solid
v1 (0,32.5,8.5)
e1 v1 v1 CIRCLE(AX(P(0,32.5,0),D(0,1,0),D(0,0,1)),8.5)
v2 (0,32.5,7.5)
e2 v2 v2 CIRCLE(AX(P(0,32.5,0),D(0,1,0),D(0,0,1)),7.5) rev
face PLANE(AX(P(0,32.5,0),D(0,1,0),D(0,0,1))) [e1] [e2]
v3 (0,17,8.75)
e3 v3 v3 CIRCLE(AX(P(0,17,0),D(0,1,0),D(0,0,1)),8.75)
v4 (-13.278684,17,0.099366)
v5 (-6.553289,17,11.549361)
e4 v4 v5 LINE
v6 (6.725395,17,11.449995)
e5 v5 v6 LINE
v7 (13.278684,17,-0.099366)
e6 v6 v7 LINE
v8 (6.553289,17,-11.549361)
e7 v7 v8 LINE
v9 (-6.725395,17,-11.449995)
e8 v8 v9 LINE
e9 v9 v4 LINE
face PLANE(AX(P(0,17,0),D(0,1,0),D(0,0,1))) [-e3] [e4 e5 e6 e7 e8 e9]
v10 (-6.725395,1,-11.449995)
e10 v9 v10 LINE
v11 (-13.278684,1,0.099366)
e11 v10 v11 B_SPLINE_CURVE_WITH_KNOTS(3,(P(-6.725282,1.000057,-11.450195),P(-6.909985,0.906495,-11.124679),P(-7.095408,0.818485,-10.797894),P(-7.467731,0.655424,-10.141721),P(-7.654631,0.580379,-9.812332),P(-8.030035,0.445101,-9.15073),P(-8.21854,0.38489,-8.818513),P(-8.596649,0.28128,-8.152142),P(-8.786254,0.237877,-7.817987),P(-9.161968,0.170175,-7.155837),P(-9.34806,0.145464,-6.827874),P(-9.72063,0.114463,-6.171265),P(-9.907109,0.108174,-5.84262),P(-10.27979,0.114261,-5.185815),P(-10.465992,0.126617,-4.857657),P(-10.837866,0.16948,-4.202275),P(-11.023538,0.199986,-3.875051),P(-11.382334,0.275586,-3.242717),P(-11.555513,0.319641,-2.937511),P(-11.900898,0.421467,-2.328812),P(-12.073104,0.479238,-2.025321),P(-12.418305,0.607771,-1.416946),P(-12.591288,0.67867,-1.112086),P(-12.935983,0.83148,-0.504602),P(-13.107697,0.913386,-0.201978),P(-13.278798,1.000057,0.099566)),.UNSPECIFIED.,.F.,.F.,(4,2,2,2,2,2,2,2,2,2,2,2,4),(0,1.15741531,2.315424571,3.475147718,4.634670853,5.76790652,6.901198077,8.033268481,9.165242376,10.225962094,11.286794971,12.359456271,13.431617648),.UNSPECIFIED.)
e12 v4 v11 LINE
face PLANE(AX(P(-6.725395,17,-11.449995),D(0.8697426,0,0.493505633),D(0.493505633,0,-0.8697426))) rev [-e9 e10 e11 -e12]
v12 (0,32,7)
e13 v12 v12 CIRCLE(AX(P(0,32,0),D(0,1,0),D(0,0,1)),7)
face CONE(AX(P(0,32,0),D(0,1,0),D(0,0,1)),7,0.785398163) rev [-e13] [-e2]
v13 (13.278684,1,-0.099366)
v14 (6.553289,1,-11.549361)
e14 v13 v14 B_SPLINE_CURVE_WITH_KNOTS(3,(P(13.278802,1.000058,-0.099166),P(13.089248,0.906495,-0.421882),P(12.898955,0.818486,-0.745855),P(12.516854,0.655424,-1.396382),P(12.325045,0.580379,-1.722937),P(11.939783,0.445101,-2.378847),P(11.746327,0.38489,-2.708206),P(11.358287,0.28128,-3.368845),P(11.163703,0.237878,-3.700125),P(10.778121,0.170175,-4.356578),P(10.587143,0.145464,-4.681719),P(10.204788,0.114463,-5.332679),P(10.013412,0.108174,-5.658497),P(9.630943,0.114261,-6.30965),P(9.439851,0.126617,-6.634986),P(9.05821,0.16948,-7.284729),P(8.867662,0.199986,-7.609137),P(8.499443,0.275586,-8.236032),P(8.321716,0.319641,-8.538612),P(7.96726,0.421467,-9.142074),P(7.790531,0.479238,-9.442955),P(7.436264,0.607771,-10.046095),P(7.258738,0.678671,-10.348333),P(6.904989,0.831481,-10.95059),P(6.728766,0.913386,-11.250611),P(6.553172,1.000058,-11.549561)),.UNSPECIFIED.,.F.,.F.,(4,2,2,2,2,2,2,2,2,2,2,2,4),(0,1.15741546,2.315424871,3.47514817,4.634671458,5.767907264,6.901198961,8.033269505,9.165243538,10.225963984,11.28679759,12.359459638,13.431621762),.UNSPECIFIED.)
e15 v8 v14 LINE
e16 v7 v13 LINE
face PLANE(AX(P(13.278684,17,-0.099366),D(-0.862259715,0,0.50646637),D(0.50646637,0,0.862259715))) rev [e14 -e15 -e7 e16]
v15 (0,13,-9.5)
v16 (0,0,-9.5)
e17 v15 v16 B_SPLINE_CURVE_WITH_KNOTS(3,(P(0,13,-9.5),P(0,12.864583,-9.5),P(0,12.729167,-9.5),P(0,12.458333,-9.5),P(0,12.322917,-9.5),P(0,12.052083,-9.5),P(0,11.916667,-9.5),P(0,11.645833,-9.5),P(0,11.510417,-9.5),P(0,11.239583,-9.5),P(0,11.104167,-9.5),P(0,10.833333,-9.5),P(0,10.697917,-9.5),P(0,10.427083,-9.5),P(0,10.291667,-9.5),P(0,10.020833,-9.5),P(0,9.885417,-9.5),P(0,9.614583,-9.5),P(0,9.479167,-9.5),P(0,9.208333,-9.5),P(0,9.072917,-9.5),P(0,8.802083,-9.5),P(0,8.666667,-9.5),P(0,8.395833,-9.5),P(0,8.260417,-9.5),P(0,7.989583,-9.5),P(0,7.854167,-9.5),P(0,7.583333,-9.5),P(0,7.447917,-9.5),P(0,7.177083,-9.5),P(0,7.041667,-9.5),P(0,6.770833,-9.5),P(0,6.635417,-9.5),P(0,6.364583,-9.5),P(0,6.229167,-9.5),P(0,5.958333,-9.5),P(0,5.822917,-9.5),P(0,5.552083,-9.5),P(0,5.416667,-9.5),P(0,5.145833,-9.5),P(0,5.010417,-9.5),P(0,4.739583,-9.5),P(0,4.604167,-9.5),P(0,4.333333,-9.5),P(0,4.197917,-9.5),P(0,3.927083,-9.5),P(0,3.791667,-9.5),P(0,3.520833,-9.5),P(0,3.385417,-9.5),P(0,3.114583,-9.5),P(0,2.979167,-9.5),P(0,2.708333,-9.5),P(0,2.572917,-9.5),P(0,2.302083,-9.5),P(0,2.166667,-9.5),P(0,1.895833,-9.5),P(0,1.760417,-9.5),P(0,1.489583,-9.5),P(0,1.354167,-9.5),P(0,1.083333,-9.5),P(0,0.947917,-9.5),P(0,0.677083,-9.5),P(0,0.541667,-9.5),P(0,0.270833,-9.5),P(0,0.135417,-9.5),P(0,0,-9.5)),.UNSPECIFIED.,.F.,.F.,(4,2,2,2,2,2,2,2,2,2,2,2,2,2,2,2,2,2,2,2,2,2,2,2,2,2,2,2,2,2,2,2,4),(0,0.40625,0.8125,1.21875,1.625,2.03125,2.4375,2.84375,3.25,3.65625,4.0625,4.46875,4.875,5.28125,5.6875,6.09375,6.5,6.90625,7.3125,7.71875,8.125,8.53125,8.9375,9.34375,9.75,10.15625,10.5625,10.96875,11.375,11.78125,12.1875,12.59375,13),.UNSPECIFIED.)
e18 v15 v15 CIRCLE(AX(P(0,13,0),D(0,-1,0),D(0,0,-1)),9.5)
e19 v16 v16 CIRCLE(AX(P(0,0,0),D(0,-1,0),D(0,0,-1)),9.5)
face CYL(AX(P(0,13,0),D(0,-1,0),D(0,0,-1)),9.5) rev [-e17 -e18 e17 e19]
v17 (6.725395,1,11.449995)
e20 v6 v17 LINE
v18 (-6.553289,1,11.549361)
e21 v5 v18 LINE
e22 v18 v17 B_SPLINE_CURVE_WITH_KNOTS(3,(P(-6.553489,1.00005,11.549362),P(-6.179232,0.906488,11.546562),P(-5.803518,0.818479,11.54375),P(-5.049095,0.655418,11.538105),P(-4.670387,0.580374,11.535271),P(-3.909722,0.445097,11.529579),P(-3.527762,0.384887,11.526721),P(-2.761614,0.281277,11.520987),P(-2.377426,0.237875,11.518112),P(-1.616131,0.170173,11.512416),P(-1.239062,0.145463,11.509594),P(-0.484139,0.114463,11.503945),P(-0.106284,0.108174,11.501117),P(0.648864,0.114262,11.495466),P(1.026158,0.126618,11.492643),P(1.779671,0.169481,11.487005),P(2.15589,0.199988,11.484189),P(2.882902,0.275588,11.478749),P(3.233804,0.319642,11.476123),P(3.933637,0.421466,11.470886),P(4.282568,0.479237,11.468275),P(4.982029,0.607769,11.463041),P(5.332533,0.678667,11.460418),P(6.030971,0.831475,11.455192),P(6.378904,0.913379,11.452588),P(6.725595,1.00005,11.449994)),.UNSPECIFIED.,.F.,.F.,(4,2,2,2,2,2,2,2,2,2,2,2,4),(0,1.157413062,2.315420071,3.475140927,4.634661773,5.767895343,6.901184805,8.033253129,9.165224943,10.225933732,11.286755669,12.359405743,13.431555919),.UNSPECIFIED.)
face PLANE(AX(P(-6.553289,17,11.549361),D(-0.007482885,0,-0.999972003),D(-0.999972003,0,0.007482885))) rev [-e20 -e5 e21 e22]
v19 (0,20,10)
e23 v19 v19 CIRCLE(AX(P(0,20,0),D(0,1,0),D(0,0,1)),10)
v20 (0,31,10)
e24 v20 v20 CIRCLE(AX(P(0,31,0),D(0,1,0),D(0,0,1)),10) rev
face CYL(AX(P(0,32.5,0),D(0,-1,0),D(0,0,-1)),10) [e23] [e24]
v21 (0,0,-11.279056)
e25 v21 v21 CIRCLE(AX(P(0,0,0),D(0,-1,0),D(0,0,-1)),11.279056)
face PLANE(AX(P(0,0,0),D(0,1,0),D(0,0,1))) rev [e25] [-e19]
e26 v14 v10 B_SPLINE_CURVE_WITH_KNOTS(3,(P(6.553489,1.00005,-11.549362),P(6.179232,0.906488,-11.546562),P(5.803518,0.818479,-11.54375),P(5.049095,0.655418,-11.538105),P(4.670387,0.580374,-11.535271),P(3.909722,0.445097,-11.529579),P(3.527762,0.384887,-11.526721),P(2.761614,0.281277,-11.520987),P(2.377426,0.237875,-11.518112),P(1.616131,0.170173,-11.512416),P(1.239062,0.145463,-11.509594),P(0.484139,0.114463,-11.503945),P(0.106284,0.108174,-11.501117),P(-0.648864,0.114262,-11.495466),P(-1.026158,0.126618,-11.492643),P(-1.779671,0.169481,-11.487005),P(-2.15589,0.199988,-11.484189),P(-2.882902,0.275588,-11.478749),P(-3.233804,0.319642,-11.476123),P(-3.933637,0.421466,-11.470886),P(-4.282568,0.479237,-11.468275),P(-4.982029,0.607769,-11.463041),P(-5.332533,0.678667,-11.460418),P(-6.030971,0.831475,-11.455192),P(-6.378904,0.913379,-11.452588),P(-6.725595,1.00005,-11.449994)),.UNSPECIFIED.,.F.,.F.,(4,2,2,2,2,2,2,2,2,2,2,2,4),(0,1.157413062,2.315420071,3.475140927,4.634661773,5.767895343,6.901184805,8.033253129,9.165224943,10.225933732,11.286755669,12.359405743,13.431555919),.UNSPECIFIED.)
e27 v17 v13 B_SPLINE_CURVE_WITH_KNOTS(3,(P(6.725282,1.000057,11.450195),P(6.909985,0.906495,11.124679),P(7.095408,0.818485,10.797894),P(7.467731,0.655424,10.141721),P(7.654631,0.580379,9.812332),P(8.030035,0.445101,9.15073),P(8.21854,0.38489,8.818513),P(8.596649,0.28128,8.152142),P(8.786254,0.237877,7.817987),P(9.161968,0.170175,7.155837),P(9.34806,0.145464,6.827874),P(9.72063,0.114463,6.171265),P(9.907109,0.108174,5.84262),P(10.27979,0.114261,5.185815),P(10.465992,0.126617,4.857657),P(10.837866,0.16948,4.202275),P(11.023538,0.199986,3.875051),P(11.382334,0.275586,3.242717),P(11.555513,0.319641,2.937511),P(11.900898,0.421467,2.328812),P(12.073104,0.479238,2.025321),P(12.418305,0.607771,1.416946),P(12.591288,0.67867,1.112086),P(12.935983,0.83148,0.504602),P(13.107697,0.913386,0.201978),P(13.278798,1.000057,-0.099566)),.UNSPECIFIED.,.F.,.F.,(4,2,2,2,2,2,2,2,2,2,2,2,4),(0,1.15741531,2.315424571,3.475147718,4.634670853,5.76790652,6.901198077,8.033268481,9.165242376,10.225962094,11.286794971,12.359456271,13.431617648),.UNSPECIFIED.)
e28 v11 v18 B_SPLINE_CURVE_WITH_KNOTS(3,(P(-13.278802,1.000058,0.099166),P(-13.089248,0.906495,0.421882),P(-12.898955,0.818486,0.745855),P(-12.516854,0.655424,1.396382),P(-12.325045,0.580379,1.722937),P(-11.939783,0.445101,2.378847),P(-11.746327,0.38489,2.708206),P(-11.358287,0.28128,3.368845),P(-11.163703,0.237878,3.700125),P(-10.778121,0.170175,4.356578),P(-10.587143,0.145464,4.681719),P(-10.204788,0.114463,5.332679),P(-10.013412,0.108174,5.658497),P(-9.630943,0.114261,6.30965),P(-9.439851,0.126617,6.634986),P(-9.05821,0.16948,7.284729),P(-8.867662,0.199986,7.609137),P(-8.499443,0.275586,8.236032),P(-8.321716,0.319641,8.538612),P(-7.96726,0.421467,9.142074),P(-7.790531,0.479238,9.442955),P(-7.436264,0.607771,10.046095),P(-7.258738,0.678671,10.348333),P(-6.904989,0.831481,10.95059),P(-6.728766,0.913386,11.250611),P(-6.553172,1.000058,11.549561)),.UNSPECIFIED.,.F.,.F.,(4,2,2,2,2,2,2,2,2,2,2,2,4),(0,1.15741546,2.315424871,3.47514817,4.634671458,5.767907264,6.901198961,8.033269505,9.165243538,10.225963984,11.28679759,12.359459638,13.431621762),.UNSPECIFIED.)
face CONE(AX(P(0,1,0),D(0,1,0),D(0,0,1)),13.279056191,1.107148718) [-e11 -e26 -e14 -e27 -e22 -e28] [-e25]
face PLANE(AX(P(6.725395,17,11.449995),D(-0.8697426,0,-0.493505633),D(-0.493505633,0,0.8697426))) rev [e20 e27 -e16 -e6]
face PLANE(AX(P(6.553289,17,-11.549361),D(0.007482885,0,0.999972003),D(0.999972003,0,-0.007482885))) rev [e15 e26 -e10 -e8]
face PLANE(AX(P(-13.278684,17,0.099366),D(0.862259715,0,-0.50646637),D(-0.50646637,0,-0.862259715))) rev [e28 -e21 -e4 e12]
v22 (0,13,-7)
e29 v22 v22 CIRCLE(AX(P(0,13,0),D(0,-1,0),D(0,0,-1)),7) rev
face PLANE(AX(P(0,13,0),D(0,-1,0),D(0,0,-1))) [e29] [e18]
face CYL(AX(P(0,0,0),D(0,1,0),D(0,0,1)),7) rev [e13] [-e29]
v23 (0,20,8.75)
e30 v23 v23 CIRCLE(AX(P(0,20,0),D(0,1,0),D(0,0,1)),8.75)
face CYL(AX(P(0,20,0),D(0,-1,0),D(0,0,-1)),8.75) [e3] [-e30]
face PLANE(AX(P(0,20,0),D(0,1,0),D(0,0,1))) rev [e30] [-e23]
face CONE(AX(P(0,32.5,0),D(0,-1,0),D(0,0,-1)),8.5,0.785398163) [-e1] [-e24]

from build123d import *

# Parameters (mm, degrees)
EXTRUDE_1_DEPTH     = 17
SKETCH_2_R          = 8.75
EXTRUDE_2_DEPTH     = 3
SKETCH_3_R          = 10
EXTRUDE_3_DEPTH     = 12.5
CHAMFER_1_SIZE      = 1.5
SKETCH_6_R          = 7
CUT_EXTRUDE_1_DEPTH = 37.958912269
CHAMFER_2_SIZE      = 0.5
SKETCH_7_R          = 9.5
CUT_EXTRUDE_2_DEPTH = 13


with BuildPart() as part:
    # 草图1 → 凸台-拉伸1 (new body)
    with BuildSketch(Plane(origin=(0, 0, 0), x_dir=(1, 0, 0), z_dir=(0, 1, 0))):
        Polygon((6.553289027, 11.549360859), (-6.725395388, 11.449995205), (-13.278684415, -0.099365654), (-6.553289027, -11.549360859), (6.725395388, -11.449995205), (13.278684415, 0.099365654), align=None)
    extrude(amount=EXTRUDE_1_DEPTH)

    # 草图2 → 凸台-拉伸2 (add)
    with BuildSketch(Plane(origin=(0, 17, 0), x_dir=(1, 0, 0), z_dir=(0, 1, 0))):
        with Locations(Location((0, 0, 0), (0, 0, 270))):
            Circle(SKETCH_2_R)
    extrude(amount=EXTRUDE_2_DEPTH)

    # 草图3 → 凸台-拉伸3 (add)
    with BuildSketch(Plane(origin=(0, 20, 0), x_dir=(1, 0, 0), z_dir=(0, 1, 0))):
        with Locations(Location((0, 0, 0), (0, 0, 270))):
            Circle(SKETCH_3_R)
    extrude(amount=EXTRUDE_3_DEPTH)

    # 倒角1
    chamfer_1_edges = [part.edges().sort_by_distance(p)[0] for p in [
        (0, 32.5, -10),
    ]]
    chamfer(chamfer_1_edges, length=CHAMFER_1_SIZE)

    # 草图5 → 切除-旋转3 (revolve, cut)
    with BuildSketch(Plane(origin=(0, 0, 0), x_dir=(0.49350563267132574, 0, -0.8697426001534446), z_dir=(0.8697426001534445, 0, 0.4935056326713257)), mode=Mode.PRIVATE) as cut_revolve_3_sk:
        Polygon((13.279056191, 1), (11.279056191, 0), (13.279056191, 0), align=None)
    revolve(cut_revolve_3_sk.sketch.rotate(Axis((0, -1000, 0), (0, 1, 0)), 180.000000003), axis=Axis((0, -1000, 0), (0, 1, 0)), mode=Mode.SUBTRACT)

    # 草图6 → 切除-拉伸1 (cut, through all)
    with BuildSketch(Plane(origin=(0, 32.5, 0), x_dir=(1, 0, 0), z_dir=(0, 1, 0))):
        with Locations(Location((0, 0, 0), (0, 0, 270))):
            Circle(SKETCH_6_R)
    extrude(amount=-CUT_EXTRUDE_1_DEPTH, mode=Mode.SUBTRACT)

    # 倒角2
    chamfer_2_edges = [part.edges().sort_by_distance(p)[0] for p in [
        (0, 0, -7),
        (0, 32.5, -7),
    ]]
    chamfer(chamfer_2_edges, length=CHAMFER_2_SIZE)

    # 草图7 → 切除-拉伸2 (cut)
    with BuildSketch(Plane.XZ):
        with Locations(Location((0, 0, 0), (0, 0, 270))):
            Circle(SKETCH_7_R)
    extrude(amount=-CUT_EXTRUDE_2_DEPTH, mode=Mode.SUBTRACT)


solid = part.part
